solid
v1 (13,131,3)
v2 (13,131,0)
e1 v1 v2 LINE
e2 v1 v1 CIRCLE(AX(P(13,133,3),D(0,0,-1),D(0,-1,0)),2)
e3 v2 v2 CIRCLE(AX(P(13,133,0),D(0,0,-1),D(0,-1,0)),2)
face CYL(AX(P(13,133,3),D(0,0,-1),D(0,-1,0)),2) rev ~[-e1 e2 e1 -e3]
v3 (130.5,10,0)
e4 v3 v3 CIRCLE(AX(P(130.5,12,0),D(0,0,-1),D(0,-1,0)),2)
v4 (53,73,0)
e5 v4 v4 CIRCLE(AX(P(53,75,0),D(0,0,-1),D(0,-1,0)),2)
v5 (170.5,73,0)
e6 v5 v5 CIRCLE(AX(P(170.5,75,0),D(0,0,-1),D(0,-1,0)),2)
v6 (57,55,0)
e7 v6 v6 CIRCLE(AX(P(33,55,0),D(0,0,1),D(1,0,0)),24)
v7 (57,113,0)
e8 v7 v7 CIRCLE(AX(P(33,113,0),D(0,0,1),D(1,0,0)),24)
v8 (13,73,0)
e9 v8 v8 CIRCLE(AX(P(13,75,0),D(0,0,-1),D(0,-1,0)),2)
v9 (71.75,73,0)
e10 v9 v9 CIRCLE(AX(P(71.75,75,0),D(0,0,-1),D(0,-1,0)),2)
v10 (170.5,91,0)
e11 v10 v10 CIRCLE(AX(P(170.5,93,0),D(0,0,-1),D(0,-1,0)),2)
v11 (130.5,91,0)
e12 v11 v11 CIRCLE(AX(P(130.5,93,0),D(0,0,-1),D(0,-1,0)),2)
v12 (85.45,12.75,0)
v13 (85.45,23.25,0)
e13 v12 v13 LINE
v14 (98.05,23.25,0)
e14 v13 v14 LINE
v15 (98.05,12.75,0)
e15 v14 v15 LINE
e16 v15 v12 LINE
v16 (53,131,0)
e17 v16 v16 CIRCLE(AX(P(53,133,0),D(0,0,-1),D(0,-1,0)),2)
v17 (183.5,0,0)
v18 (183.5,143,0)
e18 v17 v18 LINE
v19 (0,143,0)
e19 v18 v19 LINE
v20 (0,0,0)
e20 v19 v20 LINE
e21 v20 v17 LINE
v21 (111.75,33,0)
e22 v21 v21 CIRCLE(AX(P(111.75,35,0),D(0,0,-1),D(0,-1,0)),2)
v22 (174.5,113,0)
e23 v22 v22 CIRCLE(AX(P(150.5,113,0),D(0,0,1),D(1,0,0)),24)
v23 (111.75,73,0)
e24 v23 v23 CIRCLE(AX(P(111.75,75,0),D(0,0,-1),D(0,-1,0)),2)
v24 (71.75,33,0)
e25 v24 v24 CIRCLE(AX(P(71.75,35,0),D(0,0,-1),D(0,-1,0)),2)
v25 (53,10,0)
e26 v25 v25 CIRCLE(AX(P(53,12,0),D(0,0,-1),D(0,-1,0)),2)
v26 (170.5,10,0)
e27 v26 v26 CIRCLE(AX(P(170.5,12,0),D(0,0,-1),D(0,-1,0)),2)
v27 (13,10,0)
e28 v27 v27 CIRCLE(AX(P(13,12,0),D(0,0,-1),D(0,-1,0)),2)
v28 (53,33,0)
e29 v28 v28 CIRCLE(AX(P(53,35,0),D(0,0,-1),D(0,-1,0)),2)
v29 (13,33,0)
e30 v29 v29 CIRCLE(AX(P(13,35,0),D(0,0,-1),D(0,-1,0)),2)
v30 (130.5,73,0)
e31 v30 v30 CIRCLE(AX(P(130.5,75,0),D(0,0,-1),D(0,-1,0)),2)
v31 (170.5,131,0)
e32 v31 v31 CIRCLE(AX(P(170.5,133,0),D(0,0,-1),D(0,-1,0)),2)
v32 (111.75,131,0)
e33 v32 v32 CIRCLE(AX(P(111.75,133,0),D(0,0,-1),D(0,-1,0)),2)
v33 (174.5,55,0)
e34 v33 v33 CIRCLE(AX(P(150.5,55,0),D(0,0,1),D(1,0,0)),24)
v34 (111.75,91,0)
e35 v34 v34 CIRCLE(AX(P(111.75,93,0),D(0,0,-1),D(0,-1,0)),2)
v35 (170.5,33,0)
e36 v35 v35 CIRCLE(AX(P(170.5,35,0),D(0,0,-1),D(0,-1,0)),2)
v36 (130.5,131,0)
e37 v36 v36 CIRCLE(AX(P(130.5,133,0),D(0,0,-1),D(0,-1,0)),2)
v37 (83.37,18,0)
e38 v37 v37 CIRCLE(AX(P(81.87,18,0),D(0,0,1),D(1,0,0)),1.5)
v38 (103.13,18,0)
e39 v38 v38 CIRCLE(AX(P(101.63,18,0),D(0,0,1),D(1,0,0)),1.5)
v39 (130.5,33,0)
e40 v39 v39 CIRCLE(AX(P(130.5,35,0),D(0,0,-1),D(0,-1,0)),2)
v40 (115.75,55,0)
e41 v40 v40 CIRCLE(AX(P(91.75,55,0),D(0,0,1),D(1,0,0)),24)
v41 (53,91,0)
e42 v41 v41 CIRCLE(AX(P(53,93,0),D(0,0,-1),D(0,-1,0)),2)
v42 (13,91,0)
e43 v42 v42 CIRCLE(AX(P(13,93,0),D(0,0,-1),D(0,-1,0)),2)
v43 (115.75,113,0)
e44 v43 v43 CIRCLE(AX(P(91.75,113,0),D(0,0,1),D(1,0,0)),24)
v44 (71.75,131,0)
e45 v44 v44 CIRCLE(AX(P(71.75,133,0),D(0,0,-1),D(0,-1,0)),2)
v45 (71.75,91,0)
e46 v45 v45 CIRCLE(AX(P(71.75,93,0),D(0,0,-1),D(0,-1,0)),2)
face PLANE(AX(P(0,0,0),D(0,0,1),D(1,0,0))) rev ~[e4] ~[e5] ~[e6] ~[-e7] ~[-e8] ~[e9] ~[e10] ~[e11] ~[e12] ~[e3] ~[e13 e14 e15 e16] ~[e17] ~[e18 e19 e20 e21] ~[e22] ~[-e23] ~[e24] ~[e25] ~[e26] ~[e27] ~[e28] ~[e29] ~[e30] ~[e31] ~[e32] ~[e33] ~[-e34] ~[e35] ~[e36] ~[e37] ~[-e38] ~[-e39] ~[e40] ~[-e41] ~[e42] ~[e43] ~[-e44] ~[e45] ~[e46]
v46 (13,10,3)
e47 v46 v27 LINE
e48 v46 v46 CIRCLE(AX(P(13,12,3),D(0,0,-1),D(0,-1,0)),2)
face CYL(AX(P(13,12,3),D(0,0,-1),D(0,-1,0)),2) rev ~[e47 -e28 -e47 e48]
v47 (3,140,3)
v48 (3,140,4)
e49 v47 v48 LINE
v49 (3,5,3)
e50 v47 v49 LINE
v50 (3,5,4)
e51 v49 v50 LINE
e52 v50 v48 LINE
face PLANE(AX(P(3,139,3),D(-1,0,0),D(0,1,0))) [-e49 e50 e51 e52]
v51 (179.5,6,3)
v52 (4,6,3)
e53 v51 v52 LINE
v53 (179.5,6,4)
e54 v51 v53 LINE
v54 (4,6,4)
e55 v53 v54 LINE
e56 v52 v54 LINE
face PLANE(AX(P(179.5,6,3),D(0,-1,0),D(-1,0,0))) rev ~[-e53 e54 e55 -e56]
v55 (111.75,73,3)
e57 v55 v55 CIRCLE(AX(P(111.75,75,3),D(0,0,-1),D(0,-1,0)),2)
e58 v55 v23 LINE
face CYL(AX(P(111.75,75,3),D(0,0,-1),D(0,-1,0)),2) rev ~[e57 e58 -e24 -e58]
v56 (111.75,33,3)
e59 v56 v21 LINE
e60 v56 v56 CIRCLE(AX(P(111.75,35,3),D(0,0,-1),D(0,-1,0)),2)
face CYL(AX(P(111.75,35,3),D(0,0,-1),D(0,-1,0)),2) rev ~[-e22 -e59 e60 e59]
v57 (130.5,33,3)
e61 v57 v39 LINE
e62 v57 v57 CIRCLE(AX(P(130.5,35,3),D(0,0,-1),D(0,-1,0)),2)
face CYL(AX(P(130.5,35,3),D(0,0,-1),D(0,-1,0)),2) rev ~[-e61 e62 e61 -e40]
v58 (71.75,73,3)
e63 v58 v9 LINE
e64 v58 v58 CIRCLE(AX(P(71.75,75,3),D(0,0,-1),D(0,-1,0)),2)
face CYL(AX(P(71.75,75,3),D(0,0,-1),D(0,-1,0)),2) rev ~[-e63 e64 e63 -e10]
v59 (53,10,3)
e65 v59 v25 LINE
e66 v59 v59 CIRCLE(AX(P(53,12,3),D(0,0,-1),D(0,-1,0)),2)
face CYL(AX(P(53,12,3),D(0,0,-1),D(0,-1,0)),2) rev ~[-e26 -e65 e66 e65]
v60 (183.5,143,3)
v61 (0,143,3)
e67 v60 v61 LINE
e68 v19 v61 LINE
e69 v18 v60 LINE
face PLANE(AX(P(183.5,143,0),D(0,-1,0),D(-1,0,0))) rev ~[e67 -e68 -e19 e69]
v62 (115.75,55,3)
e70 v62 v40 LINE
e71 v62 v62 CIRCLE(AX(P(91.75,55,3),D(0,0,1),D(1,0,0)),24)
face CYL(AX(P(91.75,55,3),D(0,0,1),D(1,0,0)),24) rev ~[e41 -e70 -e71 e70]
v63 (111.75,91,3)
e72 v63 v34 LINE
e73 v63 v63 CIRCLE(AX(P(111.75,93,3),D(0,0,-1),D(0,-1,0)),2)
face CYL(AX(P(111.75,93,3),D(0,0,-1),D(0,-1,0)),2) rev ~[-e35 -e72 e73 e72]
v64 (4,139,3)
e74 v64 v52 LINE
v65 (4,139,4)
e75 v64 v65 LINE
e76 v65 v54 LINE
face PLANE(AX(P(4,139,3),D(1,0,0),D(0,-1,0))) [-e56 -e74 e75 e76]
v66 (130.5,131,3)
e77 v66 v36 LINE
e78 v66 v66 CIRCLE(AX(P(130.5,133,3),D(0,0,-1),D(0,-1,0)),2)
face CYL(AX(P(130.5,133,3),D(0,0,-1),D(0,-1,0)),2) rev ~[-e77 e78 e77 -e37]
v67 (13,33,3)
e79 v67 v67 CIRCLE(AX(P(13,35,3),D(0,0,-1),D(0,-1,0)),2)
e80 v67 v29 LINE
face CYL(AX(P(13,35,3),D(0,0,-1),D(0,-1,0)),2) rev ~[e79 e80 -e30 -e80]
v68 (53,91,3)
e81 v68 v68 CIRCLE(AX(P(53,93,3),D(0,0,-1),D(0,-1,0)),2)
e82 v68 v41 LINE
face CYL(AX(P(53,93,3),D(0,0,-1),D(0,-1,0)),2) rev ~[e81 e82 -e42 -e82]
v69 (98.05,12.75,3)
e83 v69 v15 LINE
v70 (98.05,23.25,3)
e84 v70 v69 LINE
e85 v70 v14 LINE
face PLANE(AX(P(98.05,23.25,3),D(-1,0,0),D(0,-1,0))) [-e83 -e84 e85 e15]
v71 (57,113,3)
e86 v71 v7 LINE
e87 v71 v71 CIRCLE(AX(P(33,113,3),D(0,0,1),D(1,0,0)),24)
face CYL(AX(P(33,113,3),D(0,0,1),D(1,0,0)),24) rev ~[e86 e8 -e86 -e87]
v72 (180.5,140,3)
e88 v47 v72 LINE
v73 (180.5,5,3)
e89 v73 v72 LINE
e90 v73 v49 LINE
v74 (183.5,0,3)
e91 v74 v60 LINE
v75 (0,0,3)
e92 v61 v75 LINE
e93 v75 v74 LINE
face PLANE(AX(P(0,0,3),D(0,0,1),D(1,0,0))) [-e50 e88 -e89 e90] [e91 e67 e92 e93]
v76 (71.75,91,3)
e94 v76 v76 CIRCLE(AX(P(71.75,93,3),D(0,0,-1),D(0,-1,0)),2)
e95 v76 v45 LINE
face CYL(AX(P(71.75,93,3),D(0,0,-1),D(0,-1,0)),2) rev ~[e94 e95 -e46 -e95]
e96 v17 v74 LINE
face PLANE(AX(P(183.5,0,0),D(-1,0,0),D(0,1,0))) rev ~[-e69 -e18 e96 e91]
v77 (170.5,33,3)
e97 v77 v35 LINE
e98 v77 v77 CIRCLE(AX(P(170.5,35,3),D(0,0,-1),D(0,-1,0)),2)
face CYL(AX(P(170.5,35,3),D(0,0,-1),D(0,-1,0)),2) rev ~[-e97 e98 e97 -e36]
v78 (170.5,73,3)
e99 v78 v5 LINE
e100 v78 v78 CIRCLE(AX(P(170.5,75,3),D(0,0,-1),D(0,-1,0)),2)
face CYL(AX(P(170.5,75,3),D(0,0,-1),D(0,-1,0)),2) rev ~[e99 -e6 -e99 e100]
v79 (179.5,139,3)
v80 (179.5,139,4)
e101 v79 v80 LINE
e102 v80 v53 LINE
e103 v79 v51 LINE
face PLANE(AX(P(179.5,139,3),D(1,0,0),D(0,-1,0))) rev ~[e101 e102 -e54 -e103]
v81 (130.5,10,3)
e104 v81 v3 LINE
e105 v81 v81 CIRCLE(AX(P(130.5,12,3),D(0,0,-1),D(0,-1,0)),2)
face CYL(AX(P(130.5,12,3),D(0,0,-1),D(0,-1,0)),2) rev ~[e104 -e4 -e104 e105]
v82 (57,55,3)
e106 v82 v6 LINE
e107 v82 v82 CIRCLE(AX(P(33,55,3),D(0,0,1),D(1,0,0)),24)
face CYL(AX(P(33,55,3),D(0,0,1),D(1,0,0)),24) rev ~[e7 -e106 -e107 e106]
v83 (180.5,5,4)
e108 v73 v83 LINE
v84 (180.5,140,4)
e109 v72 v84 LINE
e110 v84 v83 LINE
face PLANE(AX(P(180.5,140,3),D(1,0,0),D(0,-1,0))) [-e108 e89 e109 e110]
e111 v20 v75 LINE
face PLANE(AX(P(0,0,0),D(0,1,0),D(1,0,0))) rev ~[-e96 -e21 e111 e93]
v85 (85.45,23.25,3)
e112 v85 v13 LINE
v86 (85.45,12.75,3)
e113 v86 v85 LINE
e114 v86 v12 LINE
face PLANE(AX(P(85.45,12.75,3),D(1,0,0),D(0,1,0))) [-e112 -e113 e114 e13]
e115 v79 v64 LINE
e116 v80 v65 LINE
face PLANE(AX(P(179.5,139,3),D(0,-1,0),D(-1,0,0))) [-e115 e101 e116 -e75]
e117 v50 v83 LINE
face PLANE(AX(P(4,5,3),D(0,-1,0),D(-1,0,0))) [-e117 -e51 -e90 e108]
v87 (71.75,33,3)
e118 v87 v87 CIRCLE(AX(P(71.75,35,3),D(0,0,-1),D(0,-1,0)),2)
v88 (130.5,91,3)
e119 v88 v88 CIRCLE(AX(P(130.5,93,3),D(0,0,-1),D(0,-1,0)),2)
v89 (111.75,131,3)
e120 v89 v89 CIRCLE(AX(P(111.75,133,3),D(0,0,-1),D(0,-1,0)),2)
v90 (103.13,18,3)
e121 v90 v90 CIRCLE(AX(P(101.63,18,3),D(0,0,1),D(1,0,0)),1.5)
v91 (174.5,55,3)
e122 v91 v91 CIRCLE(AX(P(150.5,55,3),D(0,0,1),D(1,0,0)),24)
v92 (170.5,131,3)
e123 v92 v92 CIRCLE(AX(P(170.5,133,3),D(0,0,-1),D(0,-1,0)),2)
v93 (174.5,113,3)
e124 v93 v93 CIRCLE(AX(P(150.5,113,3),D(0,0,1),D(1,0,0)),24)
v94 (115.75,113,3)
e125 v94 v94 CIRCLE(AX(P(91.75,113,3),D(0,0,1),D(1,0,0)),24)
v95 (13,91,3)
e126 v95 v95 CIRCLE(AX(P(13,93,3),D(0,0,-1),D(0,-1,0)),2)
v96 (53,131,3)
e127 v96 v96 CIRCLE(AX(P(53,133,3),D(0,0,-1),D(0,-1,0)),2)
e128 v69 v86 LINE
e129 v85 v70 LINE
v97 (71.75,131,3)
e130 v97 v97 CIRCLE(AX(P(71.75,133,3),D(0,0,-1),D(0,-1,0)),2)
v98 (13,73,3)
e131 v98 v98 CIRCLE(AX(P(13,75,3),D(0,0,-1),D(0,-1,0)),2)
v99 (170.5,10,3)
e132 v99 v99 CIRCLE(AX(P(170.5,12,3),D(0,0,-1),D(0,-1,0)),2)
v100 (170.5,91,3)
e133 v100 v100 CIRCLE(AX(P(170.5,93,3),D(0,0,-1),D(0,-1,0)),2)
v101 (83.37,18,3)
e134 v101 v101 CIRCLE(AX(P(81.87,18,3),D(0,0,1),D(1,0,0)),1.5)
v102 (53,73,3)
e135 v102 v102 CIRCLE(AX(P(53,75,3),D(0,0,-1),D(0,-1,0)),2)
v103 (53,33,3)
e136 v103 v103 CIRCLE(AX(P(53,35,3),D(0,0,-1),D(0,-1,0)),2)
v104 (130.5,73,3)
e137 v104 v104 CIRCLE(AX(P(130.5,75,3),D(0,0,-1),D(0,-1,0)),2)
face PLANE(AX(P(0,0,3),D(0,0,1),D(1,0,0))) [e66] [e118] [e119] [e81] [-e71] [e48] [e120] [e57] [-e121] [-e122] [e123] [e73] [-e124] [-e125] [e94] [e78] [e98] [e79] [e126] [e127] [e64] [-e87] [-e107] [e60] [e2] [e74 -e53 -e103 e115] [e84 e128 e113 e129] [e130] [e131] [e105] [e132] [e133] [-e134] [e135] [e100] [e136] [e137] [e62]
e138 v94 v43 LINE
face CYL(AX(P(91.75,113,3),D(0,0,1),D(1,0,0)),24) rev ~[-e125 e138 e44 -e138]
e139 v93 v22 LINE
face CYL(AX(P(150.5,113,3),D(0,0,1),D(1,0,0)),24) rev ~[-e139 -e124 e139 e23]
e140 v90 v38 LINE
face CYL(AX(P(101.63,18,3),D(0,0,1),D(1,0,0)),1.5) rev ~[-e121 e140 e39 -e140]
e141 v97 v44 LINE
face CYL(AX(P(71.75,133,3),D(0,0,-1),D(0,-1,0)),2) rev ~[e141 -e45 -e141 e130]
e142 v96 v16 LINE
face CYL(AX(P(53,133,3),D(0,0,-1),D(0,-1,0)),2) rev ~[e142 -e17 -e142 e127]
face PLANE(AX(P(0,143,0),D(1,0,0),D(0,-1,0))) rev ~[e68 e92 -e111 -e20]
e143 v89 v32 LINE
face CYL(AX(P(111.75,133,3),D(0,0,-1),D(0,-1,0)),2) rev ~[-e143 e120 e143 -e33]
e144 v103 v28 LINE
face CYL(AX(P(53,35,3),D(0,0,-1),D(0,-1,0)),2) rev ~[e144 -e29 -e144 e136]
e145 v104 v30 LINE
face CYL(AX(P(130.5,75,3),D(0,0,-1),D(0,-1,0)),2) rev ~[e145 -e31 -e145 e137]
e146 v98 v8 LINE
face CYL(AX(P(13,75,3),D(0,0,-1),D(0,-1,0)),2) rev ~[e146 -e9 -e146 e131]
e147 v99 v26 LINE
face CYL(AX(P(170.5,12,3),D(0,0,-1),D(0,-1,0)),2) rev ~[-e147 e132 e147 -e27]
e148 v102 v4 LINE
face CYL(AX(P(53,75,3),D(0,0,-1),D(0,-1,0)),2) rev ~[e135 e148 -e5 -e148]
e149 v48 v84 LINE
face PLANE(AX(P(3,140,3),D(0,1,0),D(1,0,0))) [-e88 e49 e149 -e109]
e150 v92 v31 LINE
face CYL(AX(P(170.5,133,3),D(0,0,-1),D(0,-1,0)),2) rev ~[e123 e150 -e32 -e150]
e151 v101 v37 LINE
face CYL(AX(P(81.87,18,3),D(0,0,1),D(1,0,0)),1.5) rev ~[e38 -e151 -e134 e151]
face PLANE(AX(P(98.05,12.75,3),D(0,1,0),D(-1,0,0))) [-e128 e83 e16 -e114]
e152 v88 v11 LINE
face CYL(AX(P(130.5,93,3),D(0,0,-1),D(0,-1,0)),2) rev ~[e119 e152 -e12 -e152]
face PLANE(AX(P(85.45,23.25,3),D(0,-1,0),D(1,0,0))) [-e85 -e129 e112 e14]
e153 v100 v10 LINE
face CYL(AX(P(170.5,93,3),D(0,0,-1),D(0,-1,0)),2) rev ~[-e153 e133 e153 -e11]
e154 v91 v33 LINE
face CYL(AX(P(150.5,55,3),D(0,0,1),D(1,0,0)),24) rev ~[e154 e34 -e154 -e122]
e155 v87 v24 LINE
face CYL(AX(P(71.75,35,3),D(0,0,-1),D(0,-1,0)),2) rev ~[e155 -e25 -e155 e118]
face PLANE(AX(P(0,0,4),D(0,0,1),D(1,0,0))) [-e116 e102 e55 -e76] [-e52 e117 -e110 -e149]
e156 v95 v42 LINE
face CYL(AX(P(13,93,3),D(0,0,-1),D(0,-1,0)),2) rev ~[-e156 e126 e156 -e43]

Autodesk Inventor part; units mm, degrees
ref_plane "YZ Plane" through (0, 0, 0) normal (1, 0, 0) x (0, 1, 0)
ref_plane "XZ Plane" through (0, 0, 0) normal (0, 1, 0) x (-1, 0, 0)
ref_plane "XY Plane" through (0, 0, 0) normal (0, 0, 1) x (1, 0, 0)
sketch "Sketch1" plane through (0, 0, 0) normal (0, 0, 1) x (1, 0, 0)
  line L0 (0, 0) -> (183.5, 0)
  line L1 (183.5, 0) -> (183.5, 143)
  line L2 (183.5, 143) -> (0, 143)
  line L3 (0, 143) -> (0, 0)
  dimension "d0" = 183.5
  dimension "d1" = 143
extrude "Extrusion1" add sketch "Sketch1" along normal blind 3
sketch "Sketch3" plane through (0, 0, 3) normal (0, 0, 1) x (1, 0, 0)
  line L0 (0, 0) -> (183.5, 0) projected
  line L1 (183.5, 0) -> (183.5, 143) projected
  line L2 (183.5, 143) -> (0, 143) projected
  line L3 (0, 143) -> (0, 0) projected
  line L4 (0, 133) -> (183.5, 133) construction
  line L5 (13, 143) -> (13, 0) construction
  line L6 (0, 93) -> (183.5, 93) construction
  line L7 (183.5, 75) -> (0, 75) construction
  line L8 (0, 35) -> (183.5, 35) construction
  line L9 (53, 143) -> (53, 0) construction
  line L10 (130.5, 143) -> (130.5, 0) construction
  line L11 (111.75, 143) -> (111.75, 0) construction
  line L12 (71.75, 143) -> (71.75, 0) construction
  line L13 (170.5, 143) -> (170.5, 0) construction
  line L14 (0, 12) -> (183.5, 12) construction
  point P0 (13, 133)
  point P1 (53, 133)
  point P2 (71.75, 133)
  point P3 (111.75, 133)
  point P4 (130.5, 133)
  point P5 (170.5, 133)
  point P6 (170.5, 93)
  point P7 (130.5, 93)
  point P8 (111.75, 93)
  point P9 (71.75, 93)
  point P10 (53, 93)
  point P11 (13, 93)
  point P12 (53, 35)
  point P13 (53, 75)
  point P14 (13, 75)
  point P15 (13, 35)
  point P16 (130.5, 35)
  point P17 (170.5, 35)
  point P18 (170.5, 75)
  point P19 (130.5, 75)
  point P20 (71.75, 75)
  point P21 (111.75, 75)
  point P22 (111.75, 35)
  point P23 (71.75, 35)
  point P24 (13, 12)
  point P25 (53, 12)
  point P26 (130.5, 12)
  point P27 (170.5, 12)
  dimension "d5" = 40
  dimension "d6" = 40
  dimension "d7" = 40
  dimension "d8" = 40
  dimension "d9" = 40
  dimension "d10" = 13
  dimension "d11" = 13
  dimension "d12" = 10
  dimension "d13" = 18
  dimension "d14" = 18.75
  dimension "d30" = 18.75
  dimension "d40" = 12
hole "Hole1" at (13, 133, 3) at (53, 133, 3) at (71.75, 133, 3) at (111.75, 133, 3) at (130.5, 133, 3) at (170.5, 133, 3) at (170.5, 93, 3) at (130.5, 93, 3) at (111.75, 93, 3) at (71.75, 93, 3) at (53, 93, 3) at (13, 93, 3) at (53, 35, 3) at (53, 75, 3) at (13, 75, 3) at (13, 35, 3) at (130.5, 35, 3) at (170.5, 35, 3) at (170.5, 75, 3) at (130.5, 75, 3) at (71.75, 75, 3) at (111.75, 75, 3) at (71.75, 35, 3) at (111.75, 35, 3) at (13, 12, 3) at (53, 12, 3) at (130.5, 12, 3) at (170.5, 12, 3) direction (0, 0, -1) diameter 4 end through all
sketch "Sketch4" plane through (0, 0, 3) normal (0, 0, 1) x (1, 0, 0)
  circle A0 centre (170.5, 75) radius 2 projected
  circle A1 centre (130.5, 35) radius 2 projected
  circle A2 centre (13, 75) radius 2 projected
  circle A3 centre (53, 35) radius 2 projected
  circle A4 centre (53, 93) radius 2 projected
  circle A5 centre (111.75, 93) radius 2 projected
  circle A6 centre (170.5, 93) radius 2 projected
  circle A7 centre (130.5, 133) radius 2 projected
  circle A8 centre (71.75, 133) radius 2 projected
  circle A9 centre (13, 133) radius 2 projected
  circle A10 centre (53, 133) radius 2 projected
  circle A11 centre (111.75, 133) radius 2 projected
  circle A12 centre (170.5, 133) radius 2 projected
  circle A13 centre (130.5, 93) radius 2 projected
  circle A14 centre (71.75, 93) radius 2 projected
  circle A15 centre (13, 93) radius 2 projected
  circle A16 centre (53, 75) radius 2 projected
  circle A17 centre (13, 35) radius 2 projected
  circle A18 centre (170.5, 35) radius 2 projected
  circle A19 centre (130.5, 75) radius 2 projected
  line L0 (13, 133) -> (53, 93) construction
  line L1 (71.75, 133) -> (111.75, 93) construction
  line L2 (53, 133) -> (13, 93) construction
  line L3 (71.75, 93) -> (111.75, 133) construction
  line L4 (130.5, 133) -> (170.5, 93) construction
  line L5 (170.5, 133) -> (130.5, 93) construction
  line L6 (130.5, 75) -> (170.5, 35) construction
  line L7 (170.5, 75) -> (130.5, 35) construction
  line L8 (13, 75) -> (53, 35) construction
  line L9 (53, 75) -> (13, 35) construction
  circle A20 centre (33, 113) radius 24
  circle A21 centre (91.75, 113) radius 24
  circle A22 centre (150.5, 113) radius 24
  circle A23 centre (150.5, 55) radius 24
  circle A24 centre (33, 55) radius 24
  circle A25 centre (71.75, 35) radius 2 projected
  circle A26 centre (71.75, 75) radius 2 projected
  circle A27 centre (111.75, 75) radius 2 projected
  circle A28 centre (111.75, 35) radius 2 projected
  line L10 (71.75, 75) -> (111.75, 35) construction
  line L11 (111.75, 75) -> (71.75, 35) construction
  circle A29 centre (91.75, 55) radius 24
  dimension "d22" = 48
  dimension "d23" = 48
  dimension "d24" = 48
  dimension "d25" = 48
  dimension "d26" = 48
  dimension "d29" = 48
extrude "Extrusion2" cut sketch "Sketch4" against normal blind 48 contours A20 | A21 | A22 | A23 | A24 | A29
sketch "Sketch5" plane through (0, 0, 3) normal (0, 0, 1) x (1, 0, 0)
  line L0 (0, 0) -> (183.5, 0) projected
  line L1 (183.5, 0) -> (183.5, 143) projected
  line L2 (183.5, 143) -> (0, 143) projected
  line L3 (0, 143) -> (0, 0) projected
  line L4 (91.75, 143) -> (91.75, 0) construction
  line L5 (85.45, 23.25) -> (98.05, 23.25)
  line L6 (98.05, 23.25) -> (98.05, 12.75)
  line L7 (98.05, 12.75) -> (85.45, 12.75)
  line L8 (85.45, 12.75) -> (85.45, 23.25)
  line L9 (85.45, 23.25) -> (98.05, 12.75) construction
  line L10 (98.05, 23.25) -> (85.45, 12.75) construction
  circle A0 centre (81.87, 18) radius 1.5
  circle A1 centre (101.63, 18) radius 1.5
  line L11 (0, 18) -> (183.5, 18) construction
  point P0 (91.75, 18)
  point P1 (91.75, 18)
  dimension "d31" = 18
  dimension "d32" = 10.5
  dimension "d33" = 12.6
  dimension "d34" = 9.88
  dimension "d35" = 9.88
  dimension "d36" = 3
  dimension "d37" = 3
extrude "Extrusion3" cut sketch "Sketch5" against normal blind 10 contours L5 L6 L7 L8 | A0 | A1
sketch "Sketch6" plane through (0, 0, 3) normal (0, 0, 1) x (1, 0, 0)
  line L0 (0, 0) -> (183.5, 0) projected
  line L1 (183.5, 0) -> (183.5, 143) projected
  line L2 (183.5, 143) -> (0, 143) projected
  line L3 (0, 143) -> (0, 0) projected
  line L4 (3, 140) -> (180.5, 140)
  line L5 (180.5, 140) -> (180.5, 139)
  line L6 (180.5, 139) -> (3, 139)
  line L7 (3, 139) -> (3, 140)
  line L8 (3, 139) -> (4, 139)
  line L9 (4, 139) -> (4, 5)
  line L10 (4, 5) -> (3, 5)
  line L11 (3, 5) -> (3, 139)
  line L12 (4, 5) -> (179.5, 5)
  line L13 (179.5, 5) -> (179.5, 6)
  line L14 (179.5, 6) -> (4, 6)
  line L15 (4, 6) -> (4, 5)
  line L16 (180.5, 139) -> (179.5, 139)
  line L17 (179.5, 139) -> (179.5, 6)
  line L18 (179.5, 6) -> (180.5, 6)
  line L19 (180.5, 6) -> (180.5, 139)
  line L20 (179.5, 6) -> (180.5, 6)
  line L21 (180.5, 6) -> (180.5, 5)
  line L22 (180.5, 5) -> (179.5, 5)
  line L23 (179.5, 5) -> (179.5, 6)
  dimension "d41" = 1
  dimension "d42" = 1
  dimension "d43" = 1
  dimension "d44" = 1
  dimension "d45" = 3
  dimension "d46" = 3
  dimension "d47" = 3
  dimension "d48" = 5
extrude "Extrusion4" add sketch "Sketch6" along normal blind 1 contours L4 L5 L6 L7 | L6 L9 L10 L11 | L19 L18 L17 L6 | L21 L22 L13 L18 | L14 L13 L12 L9
equation "\"d27\" = d29"
properties part number "plate" material "ABS Plastic"
